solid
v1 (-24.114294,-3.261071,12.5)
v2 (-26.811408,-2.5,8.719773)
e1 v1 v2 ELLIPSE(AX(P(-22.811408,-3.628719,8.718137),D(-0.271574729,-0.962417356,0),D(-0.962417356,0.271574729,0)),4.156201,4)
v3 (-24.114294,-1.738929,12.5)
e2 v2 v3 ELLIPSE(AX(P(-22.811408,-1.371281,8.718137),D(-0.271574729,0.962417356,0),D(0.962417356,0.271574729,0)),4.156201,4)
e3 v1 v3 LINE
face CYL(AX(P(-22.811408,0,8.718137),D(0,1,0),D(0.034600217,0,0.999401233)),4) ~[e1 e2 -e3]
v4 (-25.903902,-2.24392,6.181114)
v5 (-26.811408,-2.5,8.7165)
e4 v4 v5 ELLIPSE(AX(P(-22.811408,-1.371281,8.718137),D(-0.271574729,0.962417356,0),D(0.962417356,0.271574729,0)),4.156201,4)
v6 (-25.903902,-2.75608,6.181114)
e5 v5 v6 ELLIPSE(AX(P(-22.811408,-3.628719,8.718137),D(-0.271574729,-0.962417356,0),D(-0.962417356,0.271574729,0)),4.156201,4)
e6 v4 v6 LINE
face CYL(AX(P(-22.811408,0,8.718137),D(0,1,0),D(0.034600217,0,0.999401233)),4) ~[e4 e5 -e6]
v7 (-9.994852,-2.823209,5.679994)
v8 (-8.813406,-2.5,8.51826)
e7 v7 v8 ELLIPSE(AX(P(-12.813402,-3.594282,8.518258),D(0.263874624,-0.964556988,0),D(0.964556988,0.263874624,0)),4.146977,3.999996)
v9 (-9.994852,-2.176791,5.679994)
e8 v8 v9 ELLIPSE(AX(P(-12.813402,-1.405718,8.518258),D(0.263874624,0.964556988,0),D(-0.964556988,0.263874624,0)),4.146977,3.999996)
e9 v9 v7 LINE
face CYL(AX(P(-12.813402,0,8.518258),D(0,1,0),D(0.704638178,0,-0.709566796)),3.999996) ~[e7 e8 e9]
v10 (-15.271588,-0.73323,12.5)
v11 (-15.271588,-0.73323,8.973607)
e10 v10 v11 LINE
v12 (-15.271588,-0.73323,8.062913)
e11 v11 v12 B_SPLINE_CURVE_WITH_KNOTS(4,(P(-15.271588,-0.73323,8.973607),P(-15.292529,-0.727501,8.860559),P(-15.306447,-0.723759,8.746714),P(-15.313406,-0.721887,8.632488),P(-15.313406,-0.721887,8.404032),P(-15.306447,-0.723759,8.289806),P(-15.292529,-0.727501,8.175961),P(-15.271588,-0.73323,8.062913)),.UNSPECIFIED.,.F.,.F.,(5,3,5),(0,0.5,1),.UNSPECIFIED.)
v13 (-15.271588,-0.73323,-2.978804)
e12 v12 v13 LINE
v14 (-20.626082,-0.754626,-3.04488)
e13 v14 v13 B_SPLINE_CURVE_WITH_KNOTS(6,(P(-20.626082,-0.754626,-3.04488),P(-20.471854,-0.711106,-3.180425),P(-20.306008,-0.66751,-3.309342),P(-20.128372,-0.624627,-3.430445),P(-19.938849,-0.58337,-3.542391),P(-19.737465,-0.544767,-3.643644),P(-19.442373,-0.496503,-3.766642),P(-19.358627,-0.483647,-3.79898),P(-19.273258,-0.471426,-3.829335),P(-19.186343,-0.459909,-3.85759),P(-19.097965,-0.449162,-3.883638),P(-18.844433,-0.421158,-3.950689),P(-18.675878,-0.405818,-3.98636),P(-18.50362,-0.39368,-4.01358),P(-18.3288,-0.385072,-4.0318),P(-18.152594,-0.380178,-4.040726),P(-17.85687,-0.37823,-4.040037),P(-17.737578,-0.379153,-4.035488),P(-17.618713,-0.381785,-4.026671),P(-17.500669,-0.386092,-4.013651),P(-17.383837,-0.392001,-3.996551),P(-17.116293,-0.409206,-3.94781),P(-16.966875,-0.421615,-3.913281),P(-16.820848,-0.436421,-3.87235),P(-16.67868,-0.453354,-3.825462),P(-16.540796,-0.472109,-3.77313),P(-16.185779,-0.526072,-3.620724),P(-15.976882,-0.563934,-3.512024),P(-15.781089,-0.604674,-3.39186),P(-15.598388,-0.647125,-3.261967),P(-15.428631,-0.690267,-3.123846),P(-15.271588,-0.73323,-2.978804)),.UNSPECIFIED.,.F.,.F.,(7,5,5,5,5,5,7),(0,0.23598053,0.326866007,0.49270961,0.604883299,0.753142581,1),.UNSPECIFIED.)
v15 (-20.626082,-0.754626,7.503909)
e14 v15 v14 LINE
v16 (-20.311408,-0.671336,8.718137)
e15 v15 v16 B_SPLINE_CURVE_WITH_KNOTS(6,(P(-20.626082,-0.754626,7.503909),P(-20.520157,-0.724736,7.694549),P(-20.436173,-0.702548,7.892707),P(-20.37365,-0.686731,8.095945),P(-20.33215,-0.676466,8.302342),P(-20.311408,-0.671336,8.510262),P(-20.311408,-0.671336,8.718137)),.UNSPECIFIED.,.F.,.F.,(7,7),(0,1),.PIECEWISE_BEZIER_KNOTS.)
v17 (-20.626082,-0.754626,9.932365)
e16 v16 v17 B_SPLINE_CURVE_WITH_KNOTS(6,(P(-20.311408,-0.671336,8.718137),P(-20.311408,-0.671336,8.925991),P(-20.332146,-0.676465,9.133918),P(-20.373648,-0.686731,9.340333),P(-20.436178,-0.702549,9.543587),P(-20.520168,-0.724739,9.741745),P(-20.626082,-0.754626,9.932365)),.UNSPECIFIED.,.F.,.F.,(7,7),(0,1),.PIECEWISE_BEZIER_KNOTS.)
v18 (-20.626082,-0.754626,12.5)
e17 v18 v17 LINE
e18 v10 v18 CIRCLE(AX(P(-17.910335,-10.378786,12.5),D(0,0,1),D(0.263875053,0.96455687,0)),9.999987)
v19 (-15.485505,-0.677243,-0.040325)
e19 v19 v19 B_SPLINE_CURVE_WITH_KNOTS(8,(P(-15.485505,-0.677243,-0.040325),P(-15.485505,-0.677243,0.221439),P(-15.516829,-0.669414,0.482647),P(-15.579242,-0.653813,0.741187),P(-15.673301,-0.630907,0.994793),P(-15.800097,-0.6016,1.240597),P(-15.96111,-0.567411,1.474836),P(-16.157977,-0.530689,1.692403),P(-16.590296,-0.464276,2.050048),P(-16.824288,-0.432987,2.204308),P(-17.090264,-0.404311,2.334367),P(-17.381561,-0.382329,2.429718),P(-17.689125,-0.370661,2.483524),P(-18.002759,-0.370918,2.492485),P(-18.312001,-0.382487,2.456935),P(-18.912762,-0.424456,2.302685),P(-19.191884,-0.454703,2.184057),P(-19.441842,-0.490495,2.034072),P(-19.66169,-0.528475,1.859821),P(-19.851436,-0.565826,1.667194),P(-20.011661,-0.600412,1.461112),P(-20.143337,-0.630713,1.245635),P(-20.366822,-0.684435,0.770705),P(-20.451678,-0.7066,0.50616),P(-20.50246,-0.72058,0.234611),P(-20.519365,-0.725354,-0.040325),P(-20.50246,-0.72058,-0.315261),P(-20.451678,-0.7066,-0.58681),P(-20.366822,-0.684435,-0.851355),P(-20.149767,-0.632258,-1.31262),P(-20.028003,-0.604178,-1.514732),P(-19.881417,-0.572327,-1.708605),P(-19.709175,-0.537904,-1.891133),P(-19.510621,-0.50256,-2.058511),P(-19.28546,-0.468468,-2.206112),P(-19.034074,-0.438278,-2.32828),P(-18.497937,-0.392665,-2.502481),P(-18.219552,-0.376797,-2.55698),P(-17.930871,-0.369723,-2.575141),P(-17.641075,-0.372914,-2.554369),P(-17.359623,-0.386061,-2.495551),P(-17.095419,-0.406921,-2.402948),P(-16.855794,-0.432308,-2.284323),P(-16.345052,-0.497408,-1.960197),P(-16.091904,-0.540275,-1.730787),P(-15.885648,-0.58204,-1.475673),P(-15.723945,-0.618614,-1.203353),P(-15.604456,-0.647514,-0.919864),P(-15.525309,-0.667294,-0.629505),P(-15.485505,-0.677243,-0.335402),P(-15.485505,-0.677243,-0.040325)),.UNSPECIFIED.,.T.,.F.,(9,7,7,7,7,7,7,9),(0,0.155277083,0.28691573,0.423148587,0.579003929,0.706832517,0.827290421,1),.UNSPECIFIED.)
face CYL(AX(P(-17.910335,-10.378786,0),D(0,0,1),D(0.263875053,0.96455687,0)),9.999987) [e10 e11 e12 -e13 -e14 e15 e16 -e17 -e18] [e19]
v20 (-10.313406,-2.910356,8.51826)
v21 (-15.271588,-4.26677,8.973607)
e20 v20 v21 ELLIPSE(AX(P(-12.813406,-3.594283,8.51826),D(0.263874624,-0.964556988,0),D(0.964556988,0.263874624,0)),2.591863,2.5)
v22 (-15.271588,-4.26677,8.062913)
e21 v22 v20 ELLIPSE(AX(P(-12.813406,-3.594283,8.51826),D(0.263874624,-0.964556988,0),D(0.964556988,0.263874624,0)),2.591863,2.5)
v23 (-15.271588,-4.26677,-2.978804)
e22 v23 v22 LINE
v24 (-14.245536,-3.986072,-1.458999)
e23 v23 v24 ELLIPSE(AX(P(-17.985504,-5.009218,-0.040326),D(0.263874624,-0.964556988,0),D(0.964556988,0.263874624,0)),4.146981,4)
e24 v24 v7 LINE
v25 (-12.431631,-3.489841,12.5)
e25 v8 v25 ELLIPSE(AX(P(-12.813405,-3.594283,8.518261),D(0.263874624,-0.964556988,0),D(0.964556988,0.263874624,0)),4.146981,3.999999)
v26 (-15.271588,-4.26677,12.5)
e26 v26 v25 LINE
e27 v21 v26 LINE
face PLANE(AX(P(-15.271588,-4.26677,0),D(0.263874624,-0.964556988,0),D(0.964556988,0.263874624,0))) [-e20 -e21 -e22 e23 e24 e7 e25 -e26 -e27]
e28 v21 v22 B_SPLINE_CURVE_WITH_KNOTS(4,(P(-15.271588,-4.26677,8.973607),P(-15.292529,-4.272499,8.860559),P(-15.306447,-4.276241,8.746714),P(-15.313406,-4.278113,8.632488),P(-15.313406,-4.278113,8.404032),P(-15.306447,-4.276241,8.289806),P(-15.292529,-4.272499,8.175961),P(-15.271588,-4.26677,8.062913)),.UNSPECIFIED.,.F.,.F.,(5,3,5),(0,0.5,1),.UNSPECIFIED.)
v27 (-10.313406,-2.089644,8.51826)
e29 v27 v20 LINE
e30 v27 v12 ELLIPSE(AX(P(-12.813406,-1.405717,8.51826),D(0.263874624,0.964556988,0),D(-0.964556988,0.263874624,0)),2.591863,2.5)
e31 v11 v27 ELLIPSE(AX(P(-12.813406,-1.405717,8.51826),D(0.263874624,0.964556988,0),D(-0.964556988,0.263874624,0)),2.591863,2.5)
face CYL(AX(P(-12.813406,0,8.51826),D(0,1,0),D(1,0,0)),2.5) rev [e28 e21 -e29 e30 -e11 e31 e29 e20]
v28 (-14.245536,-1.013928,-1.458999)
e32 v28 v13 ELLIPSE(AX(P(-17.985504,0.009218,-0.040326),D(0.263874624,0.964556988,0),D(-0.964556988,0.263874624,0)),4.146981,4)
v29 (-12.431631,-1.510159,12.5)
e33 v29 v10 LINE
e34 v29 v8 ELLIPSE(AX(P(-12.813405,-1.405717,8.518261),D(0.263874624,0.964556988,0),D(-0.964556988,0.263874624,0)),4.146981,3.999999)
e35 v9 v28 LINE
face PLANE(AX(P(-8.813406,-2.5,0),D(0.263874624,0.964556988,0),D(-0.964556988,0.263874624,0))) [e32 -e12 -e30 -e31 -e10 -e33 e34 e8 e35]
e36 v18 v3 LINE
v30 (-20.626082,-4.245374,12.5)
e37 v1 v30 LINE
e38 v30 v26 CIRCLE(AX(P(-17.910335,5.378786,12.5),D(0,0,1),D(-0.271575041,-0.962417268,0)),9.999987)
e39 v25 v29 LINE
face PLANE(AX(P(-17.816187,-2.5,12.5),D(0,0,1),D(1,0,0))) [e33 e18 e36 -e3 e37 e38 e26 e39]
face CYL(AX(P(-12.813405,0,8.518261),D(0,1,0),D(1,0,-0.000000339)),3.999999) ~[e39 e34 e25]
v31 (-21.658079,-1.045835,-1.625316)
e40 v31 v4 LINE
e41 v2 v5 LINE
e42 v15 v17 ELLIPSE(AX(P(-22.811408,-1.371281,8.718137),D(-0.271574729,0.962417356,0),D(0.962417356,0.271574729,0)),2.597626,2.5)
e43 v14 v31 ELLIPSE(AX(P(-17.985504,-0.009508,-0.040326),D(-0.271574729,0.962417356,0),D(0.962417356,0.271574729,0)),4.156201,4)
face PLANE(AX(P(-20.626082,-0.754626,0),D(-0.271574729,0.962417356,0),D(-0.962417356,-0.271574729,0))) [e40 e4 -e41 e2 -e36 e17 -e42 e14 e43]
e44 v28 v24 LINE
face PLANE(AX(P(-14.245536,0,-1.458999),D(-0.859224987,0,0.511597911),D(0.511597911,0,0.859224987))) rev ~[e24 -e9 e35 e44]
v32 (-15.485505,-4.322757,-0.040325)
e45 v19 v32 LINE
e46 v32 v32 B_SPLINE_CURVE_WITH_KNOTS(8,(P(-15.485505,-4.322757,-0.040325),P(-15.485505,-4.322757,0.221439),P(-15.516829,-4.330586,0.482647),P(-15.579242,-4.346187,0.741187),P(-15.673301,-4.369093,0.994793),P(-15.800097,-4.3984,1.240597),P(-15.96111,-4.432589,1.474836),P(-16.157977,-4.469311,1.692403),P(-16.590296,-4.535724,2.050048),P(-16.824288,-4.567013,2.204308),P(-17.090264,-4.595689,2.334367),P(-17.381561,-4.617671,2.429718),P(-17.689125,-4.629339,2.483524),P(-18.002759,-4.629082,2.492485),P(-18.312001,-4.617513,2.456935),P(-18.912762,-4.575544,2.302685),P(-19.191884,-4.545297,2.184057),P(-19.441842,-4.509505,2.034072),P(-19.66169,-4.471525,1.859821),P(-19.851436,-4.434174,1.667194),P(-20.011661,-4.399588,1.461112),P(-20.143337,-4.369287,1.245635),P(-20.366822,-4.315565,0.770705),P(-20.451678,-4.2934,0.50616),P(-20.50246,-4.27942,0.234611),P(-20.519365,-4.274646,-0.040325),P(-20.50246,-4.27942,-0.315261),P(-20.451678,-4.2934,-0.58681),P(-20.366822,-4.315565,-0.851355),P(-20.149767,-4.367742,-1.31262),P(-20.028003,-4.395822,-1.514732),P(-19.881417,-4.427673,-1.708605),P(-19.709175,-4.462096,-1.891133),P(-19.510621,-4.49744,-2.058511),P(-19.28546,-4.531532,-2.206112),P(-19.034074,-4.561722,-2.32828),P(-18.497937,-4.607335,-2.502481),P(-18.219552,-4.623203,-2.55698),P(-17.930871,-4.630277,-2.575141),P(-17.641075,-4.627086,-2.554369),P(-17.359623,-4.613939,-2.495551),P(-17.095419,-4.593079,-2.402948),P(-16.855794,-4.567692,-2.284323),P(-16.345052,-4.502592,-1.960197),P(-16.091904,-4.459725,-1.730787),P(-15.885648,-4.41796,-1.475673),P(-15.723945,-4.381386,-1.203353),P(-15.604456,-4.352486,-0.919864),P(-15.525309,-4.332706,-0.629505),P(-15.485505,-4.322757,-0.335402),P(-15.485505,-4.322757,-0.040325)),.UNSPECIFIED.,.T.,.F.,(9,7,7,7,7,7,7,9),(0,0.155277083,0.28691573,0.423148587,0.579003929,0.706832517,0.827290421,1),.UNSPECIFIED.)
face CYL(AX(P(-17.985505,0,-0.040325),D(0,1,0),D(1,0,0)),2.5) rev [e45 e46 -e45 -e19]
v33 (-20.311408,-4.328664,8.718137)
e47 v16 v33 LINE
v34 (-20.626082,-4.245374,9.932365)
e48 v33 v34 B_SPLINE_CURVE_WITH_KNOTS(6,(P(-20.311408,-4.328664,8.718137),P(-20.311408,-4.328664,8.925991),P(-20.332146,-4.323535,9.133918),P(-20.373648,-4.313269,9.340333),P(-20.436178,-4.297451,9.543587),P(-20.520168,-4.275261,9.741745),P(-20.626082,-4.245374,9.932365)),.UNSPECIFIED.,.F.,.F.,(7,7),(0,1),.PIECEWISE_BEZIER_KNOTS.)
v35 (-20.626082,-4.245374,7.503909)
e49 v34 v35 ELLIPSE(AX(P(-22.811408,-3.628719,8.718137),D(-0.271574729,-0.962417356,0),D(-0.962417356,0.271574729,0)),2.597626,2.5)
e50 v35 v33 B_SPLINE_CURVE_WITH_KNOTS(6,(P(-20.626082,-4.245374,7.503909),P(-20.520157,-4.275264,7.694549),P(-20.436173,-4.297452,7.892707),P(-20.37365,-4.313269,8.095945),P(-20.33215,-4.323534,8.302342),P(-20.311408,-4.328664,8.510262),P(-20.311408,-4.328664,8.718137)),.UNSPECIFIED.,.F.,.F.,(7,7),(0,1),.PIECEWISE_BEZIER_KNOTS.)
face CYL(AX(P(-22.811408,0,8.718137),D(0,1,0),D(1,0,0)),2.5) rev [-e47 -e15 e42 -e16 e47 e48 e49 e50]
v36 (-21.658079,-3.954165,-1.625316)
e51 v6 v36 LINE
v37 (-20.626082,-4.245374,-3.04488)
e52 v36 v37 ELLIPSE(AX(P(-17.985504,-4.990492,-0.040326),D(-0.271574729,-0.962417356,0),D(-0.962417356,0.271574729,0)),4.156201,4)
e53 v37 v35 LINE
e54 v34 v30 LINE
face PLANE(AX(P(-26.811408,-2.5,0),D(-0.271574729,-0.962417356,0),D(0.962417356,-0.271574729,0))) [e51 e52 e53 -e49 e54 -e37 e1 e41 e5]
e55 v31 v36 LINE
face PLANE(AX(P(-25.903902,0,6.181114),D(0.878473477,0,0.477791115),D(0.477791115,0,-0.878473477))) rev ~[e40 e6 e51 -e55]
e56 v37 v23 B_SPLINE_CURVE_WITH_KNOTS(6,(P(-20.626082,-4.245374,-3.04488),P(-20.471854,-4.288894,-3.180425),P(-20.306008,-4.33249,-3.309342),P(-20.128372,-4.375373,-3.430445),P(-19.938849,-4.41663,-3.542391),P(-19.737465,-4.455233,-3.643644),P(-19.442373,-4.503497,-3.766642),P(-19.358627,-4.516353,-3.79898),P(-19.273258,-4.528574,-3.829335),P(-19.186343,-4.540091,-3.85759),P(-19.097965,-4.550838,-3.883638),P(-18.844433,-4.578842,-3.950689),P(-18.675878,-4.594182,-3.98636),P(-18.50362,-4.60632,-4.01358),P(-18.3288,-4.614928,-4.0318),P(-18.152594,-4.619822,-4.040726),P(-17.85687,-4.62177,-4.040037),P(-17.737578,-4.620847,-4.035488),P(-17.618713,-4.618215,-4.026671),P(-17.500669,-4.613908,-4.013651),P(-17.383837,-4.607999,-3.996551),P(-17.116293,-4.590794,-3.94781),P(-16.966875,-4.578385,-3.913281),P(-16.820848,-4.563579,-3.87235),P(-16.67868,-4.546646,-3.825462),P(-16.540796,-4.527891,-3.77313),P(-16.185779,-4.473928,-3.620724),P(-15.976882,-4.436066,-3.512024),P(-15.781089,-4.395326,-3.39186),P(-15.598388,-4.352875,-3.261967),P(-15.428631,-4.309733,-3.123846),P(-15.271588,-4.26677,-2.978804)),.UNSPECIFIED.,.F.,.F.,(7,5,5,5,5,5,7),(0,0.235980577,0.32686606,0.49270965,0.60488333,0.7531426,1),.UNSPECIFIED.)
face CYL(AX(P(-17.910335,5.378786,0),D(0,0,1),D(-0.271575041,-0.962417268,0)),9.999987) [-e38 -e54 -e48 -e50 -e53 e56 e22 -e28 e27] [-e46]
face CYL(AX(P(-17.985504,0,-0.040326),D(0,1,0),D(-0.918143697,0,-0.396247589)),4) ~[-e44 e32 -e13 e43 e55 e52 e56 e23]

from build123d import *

# Parameters (mm, degrees)
F0_R     = 2.5
F1_DEPTH = 5
F2_DEPTH = 7.6
F4_DEPTH = 12.5


with BuildPart() as f1:
    # F0 (on Front) → F1 (new body)
    with BuildSketch(Plane.XZ):
        with BuildLine():
            ThreePointArc((-13.985505, -0.040325), (-18.794733, 3.876963), (-21.658079, -1.625316))
            ThreePointArc((-21.658079, -1.625316), (-17.895778, -4.039319), (-14.245536, -1.458999))
            ThreePointArc((-14.245536, -1.458999), (-14.05105, -0.761479), (-13.985505, -0.040325))
        make_face()
        with Locations((-17.985505, -0.040325)):
            Circle(F0_R, mode=Mode.SUBTRACT)
        with BuildLine():
            ThreePointArc((-8.813406, 8.51826), (-9.956912, 11.31834), (-12.733627, 12.517465))
            ThreePointArc((-12.733627, 12.517465), (-16.526603, 7.030925), (-9.994852, 5.679994))
            ThreePointArc((-9.994852, 5.679994), (-9.12056, 6.98109), (-8.813406, 8.51826))
        make_face()
        with Locations((-12.813406, 8.51826)):
            Circle(F0_R, mode=Mode.SUBTRACT)
        with Locations((-17.985505, -0.040325)):
            Circle(F0_R)
        with Locations((-12.813406, 8.51826)):
            Circle(F0_R)
        with Locations((-22.811408, 8.718137)):
            Circle(F0_R)
        with BuildLine():
            ThreePointArc((-22.673007, 12.715742), (-19.934465, 11.497201), (-18.811408, 8.718137))
            ThreePointArc((-18.811408, 8.718137), (-21.464184, 4.951841), (-25.903902, 6.181114))
            Line((-25.903902, 6.181114), (-21.658079, -1.625316))
            ThreePointArc((-21.658079, -1.625316), (-18.794733, 3.876963), (-13.985505, -0.040325))
            ThreePointArc((-13.985505, -0.040325), (-14.05105, -0.761479), (-14.245536, -1.458999))
            Line((-14.245536, -1.458999), (-9.994852, 5.679994))
            ThreePointArc((-9.994852, 5.679994), (-16.526603, 7.030925), (-12.733627, 12.517465))
            Line((-12.733627, 12.517465), (-22.673007, 12.715742))
        make_face()
        with BuildLine():
            ThreePointArc((-25.903902, 6.181114), (-21.464184, 4.951841), (-18.811408, 8.718137))
            ThreePointArc((-18.811408, 8.718137), (-19.934465, 11.497201), (-22.673007, 12.715742))
            ThreePointArc((-22.673007, 12.715742), (-26.397075, 10.490986), (-25.903902, 6.181114))
        make_face()
        with Locations((-22.811408, 8.718137)):
            Circle(F0_R, mode=Mode.SUBTRACT)
    extrude(amount=F1_DEPTH)

    # F0 (on Front) → F2 (cut)
    with BuildSketch(Plane.XZ):
        with Locations((-22.811408, 8.718137)):
            Circle(F0_R)
        with Locations((-12.813406, 8.51826)):
            Circle(F0_R)
        with Locations((-17.985505, -0.040325)):
            Circle(F0_R)
    extrude(amount=F2_DEPTH, mode=Mode.SUBTRACT)

    # F3 (on Top) → F4 (intersect, symmetric)
    with BuildSketch(Plane.XY):
        with BuildLine():
            Line((-26.811408, -2.5), (-20.626082, -4.245374))
            ThreePointArc((-20.626082, -4.245374), (-17.950294, -4.621121), (-15.271588, -4.26677))
            Line((-15.271588, -4.26677), (-8.813406, -2.5))
            Line((-8.813406, -2.5), (-15.271588, -0.73323))
            ThreePointArc((-15.271588, -0.73323), (-17.950294, -0.378879), (-20.626082, -0.754626))
            Line((-20.626082, -0.754626), (-26.811408, -2.5))
        make_face()
    extrude(amount=F4_DEPTH, both=True, mode=Mode.INTERSECT)


solid = f1.part
